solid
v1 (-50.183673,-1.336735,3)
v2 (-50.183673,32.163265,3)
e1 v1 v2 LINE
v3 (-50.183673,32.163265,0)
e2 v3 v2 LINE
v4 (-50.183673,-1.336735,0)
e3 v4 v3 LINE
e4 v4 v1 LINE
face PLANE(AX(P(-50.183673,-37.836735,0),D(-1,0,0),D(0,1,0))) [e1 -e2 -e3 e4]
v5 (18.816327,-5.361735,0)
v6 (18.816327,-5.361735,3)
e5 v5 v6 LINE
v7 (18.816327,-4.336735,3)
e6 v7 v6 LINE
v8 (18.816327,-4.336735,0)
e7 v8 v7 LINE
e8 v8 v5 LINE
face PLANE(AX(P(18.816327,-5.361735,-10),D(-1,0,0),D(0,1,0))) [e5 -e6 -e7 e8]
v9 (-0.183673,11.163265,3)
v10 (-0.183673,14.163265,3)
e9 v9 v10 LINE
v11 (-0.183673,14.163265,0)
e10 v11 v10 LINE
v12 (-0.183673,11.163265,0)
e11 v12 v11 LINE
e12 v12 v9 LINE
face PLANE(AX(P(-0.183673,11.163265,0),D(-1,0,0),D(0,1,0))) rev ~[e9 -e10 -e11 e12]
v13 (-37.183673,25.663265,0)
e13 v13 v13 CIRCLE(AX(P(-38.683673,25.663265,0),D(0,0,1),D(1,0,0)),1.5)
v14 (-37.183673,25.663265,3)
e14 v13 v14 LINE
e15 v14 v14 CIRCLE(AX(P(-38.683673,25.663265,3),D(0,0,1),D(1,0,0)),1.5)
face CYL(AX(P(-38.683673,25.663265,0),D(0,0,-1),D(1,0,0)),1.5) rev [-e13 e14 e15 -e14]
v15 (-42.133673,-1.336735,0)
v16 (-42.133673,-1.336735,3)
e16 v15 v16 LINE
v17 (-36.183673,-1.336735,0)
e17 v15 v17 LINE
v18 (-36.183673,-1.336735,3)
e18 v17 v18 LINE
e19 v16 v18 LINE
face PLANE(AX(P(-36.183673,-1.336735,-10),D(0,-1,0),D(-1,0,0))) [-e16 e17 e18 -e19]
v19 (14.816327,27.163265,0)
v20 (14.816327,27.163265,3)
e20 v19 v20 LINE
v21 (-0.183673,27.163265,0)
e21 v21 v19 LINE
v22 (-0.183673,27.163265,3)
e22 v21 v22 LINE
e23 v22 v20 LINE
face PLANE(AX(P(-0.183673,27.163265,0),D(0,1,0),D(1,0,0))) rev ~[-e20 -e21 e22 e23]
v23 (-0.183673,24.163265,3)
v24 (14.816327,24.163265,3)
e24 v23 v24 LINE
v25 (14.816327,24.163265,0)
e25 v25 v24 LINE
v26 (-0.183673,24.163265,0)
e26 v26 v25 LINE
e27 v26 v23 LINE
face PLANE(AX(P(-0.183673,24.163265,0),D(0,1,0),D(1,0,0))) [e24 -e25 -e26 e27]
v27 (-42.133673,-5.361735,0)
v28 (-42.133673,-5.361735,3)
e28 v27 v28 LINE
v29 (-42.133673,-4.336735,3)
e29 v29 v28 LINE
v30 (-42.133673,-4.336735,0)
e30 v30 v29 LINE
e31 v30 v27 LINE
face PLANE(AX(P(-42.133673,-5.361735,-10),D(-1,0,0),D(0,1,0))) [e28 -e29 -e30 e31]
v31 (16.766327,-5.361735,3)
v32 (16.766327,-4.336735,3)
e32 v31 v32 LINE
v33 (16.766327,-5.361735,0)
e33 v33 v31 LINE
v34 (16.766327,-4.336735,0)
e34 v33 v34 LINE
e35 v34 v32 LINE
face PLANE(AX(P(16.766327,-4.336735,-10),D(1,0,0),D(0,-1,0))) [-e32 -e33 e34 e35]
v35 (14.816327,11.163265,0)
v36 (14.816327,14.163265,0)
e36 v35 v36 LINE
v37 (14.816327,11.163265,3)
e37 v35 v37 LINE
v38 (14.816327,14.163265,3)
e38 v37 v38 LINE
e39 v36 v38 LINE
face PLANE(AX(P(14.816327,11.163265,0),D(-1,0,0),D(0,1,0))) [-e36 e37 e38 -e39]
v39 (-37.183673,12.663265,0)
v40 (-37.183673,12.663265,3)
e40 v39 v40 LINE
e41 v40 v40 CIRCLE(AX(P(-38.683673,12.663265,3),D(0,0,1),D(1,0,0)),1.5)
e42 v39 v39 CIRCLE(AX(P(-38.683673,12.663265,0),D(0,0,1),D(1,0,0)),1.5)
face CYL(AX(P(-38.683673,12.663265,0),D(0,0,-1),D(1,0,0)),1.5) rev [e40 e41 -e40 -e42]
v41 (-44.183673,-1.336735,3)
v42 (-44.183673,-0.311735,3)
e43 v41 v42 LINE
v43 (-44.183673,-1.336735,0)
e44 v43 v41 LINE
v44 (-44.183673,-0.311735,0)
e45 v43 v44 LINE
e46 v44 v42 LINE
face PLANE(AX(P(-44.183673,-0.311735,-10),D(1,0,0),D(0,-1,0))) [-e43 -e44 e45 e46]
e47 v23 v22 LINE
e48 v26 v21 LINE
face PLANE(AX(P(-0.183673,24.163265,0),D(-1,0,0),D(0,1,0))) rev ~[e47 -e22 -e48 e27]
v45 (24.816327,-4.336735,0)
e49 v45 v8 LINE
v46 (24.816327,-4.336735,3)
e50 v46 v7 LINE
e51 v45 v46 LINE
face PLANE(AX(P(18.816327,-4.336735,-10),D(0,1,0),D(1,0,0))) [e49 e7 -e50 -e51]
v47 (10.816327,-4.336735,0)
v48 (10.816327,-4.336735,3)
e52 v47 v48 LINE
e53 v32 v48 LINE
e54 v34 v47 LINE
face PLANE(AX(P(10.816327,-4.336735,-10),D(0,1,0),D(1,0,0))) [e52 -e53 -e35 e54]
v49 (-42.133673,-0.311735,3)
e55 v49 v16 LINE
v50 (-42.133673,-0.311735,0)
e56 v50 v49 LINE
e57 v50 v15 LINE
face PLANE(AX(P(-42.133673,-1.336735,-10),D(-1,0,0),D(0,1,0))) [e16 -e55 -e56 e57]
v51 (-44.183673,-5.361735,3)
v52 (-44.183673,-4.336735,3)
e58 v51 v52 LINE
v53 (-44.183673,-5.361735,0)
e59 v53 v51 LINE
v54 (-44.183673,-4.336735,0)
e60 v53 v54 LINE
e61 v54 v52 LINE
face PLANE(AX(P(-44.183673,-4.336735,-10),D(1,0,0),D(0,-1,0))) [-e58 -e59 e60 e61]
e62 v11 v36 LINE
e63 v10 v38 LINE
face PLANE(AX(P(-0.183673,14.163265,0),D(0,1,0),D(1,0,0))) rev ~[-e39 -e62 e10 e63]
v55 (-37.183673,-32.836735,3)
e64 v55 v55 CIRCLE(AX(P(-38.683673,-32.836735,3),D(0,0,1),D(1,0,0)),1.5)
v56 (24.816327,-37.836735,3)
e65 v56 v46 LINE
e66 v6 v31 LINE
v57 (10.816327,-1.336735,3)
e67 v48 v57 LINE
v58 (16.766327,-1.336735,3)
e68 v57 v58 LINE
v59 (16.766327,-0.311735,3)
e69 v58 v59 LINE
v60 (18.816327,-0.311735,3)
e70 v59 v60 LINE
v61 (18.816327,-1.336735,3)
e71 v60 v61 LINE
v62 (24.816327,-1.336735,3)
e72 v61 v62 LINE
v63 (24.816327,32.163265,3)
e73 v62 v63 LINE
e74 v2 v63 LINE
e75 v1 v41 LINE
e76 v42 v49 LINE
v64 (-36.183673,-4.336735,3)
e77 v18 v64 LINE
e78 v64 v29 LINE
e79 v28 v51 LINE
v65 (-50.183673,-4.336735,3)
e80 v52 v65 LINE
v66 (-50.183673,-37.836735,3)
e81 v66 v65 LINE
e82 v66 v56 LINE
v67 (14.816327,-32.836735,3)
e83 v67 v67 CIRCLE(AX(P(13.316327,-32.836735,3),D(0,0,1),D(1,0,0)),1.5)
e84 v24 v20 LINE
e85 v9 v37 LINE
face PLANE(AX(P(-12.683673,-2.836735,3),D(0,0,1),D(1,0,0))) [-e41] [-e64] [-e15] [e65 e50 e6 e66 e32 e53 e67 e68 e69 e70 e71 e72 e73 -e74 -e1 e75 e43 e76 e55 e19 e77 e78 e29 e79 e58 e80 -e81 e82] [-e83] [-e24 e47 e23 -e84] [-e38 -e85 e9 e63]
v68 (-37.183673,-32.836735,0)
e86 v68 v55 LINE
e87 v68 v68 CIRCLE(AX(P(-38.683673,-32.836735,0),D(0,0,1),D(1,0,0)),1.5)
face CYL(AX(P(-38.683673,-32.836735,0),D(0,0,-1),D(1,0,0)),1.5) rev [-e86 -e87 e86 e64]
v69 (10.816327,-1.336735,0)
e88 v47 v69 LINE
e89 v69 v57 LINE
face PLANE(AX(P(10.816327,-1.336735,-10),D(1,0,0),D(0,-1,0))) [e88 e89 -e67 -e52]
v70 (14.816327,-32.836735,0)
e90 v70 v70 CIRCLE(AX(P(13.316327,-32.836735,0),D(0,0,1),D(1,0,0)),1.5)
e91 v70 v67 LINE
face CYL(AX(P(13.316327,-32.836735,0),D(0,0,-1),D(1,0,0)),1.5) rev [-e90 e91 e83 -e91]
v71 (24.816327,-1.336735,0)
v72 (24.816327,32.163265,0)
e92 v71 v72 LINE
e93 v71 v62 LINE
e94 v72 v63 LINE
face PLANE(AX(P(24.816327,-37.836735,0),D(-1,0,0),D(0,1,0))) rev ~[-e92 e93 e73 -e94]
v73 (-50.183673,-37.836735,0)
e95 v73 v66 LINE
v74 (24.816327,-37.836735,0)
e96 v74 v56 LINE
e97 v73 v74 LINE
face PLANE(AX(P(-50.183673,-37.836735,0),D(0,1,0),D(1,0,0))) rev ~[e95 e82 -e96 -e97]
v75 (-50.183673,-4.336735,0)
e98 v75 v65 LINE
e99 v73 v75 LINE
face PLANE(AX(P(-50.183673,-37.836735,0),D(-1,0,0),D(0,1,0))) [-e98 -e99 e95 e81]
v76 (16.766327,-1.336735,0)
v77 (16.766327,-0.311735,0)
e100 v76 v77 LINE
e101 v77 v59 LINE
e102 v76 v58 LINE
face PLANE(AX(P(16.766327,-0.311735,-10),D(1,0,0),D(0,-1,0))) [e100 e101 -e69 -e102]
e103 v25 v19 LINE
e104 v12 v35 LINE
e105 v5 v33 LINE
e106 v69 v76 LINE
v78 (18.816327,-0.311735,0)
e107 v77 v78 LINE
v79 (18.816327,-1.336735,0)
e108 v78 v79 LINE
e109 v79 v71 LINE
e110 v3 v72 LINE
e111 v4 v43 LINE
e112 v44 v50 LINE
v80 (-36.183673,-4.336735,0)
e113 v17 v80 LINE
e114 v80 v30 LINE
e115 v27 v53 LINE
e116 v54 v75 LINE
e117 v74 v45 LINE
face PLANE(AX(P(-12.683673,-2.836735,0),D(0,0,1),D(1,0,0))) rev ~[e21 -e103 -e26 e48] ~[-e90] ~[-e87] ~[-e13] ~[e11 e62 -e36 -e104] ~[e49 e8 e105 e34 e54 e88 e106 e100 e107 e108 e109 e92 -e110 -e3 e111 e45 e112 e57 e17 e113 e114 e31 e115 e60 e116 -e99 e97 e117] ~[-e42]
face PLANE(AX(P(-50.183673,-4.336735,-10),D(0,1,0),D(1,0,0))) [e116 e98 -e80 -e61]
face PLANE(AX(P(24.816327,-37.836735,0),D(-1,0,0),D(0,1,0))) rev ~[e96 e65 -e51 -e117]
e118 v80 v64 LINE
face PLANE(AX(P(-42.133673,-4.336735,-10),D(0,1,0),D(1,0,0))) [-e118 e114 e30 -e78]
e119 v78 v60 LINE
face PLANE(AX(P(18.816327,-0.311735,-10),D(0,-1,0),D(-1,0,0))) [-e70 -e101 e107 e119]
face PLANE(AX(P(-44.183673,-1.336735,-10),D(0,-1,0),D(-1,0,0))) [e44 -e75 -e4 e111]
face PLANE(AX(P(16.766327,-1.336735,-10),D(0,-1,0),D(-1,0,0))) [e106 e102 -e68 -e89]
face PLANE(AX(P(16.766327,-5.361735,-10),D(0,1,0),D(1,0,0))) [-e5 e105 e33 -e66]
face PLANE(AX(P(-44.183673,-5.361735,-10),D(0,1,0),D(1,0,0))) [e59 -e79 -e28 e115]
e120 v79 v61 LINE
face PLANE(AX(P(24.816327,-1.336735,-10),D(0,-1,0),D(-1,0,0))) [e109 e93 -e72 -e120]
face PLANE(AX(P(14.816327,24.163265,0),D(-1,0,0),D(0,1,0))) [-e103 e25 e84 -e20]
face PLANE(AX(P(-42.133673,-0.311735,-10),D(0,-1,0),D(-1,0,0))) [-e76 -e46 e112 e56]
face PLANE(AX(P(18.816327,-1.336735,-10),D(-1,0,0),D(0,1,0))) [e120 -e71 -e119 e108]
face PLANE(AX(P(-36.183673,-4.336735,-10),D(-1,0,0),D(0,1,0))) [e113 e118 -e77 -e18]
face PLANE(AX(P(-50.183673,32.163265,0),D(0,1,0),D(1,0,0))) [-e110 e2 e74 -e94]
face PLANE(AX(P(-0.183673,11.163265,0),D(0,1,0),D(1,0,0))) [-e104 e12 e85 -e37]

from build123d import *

# Parameters (mm, degrees)
ESQUISSE1_W                  = 75
ESQUISSE1_H                  = 70
ESQUISSE1_R                  = 1.5
ESQUISSE1_W_2                = 15
ESQUISSE1_H_2                = 3
BOSS_EXTRU_1_DEPTH           = 3
ENL_V_MAT_EXTRU_1_DEPTH      = 10
ENL_V_MAT_EXTRU_1_DEPTH_BACK = 10


with BuildPart() as part:
    # Esquisse1 → Boss.-Extru.1 (new body)
    with BuildSketch(Plane.XY):
        with Locations((-12.683673469, -2.836734694)):
            Rectangle(ESQUISSE1_W, ESQUISSE1_H)
        with Locations((-38.683673469, 25.663265306)):
            Circle(ESQUISSE1_R, mode=Mode.SUBTRACT)
        with Locations((-38.683673469, 12.663265306)):
            Circle(ESQUISSE1_R, mode=Mode.SUBTRACT)
        with Locations((-38.683673469, -32.836734694)):
            Circle(ESQUISSE1_R, mode=Mode.SUBTRACT)
        with Locations((13.316326531, -32.836734694)):
            Circle(ESQUISSE1_R, mode=Mode.SUBTRACT)
        with Locations((7.316326531, 12.663265306)):
            Rectangle(ESQUISSE1_W_2, ESQUISSE1_H_2, mode=Mode.SUBTRACT)
        with Locations((7.316326531, 25.663265306)):
            Rectangle(ESQUISSE1_W_2, ESQUISSE1_H_2, mode=Mode.SUBTRACT)
    extrude(amount=BOSS_EXTRU_1_DEPTH)

    # Esquisse2 → Enlèv. mat.-Extru.1 (cut, two sides: drawn at the far end of the back side and taken through both)
    with BuildSketch(Plane.XY.offset(-ENL_V_MAT_EXTRU_1_DEPTH_BACK)):
        Polygon((24.816326531, -1.336734694), (18.816326531, -1.336734694), (18.816326531, -0.311734694), (16.766326531, -0.311734694), (16.766326531, -1.336734694), (10.816326531, -1.336734694), (10.816326531, -4.336734694), (16.766326531, -4.336734694), (16.766326531, -5.361734694), (18.816326531, -5.361734694), (18.816326531, -4.336734694), (24.816326531, -4.336734694), align=None)
        Polygon((-50.183673469, -1.336734694), (-50.183673469, -4.336734694), (-44.183673469, -4.336734694), (-44.183673469, -5.361734694), (-42.133673469, -5.361734694), (-42.133673469, -4.336734694), (-36.183673469, -4.336734694), (-36.183673469, -1.336734694), (-42.133673469, -1.336734694), (-42.133673469, -0.311734694), (-44.183673469, -0.311734694), (-44.183673469, -1.336734694), align=None)
    extrude(amount=ENL_V_MAT_EXTRU_1_DEPTH + ENL_V_MAT_EXTRU_1_DEPTH_BACK, mode=Mode.SUBTRACT)


solid = part.part
